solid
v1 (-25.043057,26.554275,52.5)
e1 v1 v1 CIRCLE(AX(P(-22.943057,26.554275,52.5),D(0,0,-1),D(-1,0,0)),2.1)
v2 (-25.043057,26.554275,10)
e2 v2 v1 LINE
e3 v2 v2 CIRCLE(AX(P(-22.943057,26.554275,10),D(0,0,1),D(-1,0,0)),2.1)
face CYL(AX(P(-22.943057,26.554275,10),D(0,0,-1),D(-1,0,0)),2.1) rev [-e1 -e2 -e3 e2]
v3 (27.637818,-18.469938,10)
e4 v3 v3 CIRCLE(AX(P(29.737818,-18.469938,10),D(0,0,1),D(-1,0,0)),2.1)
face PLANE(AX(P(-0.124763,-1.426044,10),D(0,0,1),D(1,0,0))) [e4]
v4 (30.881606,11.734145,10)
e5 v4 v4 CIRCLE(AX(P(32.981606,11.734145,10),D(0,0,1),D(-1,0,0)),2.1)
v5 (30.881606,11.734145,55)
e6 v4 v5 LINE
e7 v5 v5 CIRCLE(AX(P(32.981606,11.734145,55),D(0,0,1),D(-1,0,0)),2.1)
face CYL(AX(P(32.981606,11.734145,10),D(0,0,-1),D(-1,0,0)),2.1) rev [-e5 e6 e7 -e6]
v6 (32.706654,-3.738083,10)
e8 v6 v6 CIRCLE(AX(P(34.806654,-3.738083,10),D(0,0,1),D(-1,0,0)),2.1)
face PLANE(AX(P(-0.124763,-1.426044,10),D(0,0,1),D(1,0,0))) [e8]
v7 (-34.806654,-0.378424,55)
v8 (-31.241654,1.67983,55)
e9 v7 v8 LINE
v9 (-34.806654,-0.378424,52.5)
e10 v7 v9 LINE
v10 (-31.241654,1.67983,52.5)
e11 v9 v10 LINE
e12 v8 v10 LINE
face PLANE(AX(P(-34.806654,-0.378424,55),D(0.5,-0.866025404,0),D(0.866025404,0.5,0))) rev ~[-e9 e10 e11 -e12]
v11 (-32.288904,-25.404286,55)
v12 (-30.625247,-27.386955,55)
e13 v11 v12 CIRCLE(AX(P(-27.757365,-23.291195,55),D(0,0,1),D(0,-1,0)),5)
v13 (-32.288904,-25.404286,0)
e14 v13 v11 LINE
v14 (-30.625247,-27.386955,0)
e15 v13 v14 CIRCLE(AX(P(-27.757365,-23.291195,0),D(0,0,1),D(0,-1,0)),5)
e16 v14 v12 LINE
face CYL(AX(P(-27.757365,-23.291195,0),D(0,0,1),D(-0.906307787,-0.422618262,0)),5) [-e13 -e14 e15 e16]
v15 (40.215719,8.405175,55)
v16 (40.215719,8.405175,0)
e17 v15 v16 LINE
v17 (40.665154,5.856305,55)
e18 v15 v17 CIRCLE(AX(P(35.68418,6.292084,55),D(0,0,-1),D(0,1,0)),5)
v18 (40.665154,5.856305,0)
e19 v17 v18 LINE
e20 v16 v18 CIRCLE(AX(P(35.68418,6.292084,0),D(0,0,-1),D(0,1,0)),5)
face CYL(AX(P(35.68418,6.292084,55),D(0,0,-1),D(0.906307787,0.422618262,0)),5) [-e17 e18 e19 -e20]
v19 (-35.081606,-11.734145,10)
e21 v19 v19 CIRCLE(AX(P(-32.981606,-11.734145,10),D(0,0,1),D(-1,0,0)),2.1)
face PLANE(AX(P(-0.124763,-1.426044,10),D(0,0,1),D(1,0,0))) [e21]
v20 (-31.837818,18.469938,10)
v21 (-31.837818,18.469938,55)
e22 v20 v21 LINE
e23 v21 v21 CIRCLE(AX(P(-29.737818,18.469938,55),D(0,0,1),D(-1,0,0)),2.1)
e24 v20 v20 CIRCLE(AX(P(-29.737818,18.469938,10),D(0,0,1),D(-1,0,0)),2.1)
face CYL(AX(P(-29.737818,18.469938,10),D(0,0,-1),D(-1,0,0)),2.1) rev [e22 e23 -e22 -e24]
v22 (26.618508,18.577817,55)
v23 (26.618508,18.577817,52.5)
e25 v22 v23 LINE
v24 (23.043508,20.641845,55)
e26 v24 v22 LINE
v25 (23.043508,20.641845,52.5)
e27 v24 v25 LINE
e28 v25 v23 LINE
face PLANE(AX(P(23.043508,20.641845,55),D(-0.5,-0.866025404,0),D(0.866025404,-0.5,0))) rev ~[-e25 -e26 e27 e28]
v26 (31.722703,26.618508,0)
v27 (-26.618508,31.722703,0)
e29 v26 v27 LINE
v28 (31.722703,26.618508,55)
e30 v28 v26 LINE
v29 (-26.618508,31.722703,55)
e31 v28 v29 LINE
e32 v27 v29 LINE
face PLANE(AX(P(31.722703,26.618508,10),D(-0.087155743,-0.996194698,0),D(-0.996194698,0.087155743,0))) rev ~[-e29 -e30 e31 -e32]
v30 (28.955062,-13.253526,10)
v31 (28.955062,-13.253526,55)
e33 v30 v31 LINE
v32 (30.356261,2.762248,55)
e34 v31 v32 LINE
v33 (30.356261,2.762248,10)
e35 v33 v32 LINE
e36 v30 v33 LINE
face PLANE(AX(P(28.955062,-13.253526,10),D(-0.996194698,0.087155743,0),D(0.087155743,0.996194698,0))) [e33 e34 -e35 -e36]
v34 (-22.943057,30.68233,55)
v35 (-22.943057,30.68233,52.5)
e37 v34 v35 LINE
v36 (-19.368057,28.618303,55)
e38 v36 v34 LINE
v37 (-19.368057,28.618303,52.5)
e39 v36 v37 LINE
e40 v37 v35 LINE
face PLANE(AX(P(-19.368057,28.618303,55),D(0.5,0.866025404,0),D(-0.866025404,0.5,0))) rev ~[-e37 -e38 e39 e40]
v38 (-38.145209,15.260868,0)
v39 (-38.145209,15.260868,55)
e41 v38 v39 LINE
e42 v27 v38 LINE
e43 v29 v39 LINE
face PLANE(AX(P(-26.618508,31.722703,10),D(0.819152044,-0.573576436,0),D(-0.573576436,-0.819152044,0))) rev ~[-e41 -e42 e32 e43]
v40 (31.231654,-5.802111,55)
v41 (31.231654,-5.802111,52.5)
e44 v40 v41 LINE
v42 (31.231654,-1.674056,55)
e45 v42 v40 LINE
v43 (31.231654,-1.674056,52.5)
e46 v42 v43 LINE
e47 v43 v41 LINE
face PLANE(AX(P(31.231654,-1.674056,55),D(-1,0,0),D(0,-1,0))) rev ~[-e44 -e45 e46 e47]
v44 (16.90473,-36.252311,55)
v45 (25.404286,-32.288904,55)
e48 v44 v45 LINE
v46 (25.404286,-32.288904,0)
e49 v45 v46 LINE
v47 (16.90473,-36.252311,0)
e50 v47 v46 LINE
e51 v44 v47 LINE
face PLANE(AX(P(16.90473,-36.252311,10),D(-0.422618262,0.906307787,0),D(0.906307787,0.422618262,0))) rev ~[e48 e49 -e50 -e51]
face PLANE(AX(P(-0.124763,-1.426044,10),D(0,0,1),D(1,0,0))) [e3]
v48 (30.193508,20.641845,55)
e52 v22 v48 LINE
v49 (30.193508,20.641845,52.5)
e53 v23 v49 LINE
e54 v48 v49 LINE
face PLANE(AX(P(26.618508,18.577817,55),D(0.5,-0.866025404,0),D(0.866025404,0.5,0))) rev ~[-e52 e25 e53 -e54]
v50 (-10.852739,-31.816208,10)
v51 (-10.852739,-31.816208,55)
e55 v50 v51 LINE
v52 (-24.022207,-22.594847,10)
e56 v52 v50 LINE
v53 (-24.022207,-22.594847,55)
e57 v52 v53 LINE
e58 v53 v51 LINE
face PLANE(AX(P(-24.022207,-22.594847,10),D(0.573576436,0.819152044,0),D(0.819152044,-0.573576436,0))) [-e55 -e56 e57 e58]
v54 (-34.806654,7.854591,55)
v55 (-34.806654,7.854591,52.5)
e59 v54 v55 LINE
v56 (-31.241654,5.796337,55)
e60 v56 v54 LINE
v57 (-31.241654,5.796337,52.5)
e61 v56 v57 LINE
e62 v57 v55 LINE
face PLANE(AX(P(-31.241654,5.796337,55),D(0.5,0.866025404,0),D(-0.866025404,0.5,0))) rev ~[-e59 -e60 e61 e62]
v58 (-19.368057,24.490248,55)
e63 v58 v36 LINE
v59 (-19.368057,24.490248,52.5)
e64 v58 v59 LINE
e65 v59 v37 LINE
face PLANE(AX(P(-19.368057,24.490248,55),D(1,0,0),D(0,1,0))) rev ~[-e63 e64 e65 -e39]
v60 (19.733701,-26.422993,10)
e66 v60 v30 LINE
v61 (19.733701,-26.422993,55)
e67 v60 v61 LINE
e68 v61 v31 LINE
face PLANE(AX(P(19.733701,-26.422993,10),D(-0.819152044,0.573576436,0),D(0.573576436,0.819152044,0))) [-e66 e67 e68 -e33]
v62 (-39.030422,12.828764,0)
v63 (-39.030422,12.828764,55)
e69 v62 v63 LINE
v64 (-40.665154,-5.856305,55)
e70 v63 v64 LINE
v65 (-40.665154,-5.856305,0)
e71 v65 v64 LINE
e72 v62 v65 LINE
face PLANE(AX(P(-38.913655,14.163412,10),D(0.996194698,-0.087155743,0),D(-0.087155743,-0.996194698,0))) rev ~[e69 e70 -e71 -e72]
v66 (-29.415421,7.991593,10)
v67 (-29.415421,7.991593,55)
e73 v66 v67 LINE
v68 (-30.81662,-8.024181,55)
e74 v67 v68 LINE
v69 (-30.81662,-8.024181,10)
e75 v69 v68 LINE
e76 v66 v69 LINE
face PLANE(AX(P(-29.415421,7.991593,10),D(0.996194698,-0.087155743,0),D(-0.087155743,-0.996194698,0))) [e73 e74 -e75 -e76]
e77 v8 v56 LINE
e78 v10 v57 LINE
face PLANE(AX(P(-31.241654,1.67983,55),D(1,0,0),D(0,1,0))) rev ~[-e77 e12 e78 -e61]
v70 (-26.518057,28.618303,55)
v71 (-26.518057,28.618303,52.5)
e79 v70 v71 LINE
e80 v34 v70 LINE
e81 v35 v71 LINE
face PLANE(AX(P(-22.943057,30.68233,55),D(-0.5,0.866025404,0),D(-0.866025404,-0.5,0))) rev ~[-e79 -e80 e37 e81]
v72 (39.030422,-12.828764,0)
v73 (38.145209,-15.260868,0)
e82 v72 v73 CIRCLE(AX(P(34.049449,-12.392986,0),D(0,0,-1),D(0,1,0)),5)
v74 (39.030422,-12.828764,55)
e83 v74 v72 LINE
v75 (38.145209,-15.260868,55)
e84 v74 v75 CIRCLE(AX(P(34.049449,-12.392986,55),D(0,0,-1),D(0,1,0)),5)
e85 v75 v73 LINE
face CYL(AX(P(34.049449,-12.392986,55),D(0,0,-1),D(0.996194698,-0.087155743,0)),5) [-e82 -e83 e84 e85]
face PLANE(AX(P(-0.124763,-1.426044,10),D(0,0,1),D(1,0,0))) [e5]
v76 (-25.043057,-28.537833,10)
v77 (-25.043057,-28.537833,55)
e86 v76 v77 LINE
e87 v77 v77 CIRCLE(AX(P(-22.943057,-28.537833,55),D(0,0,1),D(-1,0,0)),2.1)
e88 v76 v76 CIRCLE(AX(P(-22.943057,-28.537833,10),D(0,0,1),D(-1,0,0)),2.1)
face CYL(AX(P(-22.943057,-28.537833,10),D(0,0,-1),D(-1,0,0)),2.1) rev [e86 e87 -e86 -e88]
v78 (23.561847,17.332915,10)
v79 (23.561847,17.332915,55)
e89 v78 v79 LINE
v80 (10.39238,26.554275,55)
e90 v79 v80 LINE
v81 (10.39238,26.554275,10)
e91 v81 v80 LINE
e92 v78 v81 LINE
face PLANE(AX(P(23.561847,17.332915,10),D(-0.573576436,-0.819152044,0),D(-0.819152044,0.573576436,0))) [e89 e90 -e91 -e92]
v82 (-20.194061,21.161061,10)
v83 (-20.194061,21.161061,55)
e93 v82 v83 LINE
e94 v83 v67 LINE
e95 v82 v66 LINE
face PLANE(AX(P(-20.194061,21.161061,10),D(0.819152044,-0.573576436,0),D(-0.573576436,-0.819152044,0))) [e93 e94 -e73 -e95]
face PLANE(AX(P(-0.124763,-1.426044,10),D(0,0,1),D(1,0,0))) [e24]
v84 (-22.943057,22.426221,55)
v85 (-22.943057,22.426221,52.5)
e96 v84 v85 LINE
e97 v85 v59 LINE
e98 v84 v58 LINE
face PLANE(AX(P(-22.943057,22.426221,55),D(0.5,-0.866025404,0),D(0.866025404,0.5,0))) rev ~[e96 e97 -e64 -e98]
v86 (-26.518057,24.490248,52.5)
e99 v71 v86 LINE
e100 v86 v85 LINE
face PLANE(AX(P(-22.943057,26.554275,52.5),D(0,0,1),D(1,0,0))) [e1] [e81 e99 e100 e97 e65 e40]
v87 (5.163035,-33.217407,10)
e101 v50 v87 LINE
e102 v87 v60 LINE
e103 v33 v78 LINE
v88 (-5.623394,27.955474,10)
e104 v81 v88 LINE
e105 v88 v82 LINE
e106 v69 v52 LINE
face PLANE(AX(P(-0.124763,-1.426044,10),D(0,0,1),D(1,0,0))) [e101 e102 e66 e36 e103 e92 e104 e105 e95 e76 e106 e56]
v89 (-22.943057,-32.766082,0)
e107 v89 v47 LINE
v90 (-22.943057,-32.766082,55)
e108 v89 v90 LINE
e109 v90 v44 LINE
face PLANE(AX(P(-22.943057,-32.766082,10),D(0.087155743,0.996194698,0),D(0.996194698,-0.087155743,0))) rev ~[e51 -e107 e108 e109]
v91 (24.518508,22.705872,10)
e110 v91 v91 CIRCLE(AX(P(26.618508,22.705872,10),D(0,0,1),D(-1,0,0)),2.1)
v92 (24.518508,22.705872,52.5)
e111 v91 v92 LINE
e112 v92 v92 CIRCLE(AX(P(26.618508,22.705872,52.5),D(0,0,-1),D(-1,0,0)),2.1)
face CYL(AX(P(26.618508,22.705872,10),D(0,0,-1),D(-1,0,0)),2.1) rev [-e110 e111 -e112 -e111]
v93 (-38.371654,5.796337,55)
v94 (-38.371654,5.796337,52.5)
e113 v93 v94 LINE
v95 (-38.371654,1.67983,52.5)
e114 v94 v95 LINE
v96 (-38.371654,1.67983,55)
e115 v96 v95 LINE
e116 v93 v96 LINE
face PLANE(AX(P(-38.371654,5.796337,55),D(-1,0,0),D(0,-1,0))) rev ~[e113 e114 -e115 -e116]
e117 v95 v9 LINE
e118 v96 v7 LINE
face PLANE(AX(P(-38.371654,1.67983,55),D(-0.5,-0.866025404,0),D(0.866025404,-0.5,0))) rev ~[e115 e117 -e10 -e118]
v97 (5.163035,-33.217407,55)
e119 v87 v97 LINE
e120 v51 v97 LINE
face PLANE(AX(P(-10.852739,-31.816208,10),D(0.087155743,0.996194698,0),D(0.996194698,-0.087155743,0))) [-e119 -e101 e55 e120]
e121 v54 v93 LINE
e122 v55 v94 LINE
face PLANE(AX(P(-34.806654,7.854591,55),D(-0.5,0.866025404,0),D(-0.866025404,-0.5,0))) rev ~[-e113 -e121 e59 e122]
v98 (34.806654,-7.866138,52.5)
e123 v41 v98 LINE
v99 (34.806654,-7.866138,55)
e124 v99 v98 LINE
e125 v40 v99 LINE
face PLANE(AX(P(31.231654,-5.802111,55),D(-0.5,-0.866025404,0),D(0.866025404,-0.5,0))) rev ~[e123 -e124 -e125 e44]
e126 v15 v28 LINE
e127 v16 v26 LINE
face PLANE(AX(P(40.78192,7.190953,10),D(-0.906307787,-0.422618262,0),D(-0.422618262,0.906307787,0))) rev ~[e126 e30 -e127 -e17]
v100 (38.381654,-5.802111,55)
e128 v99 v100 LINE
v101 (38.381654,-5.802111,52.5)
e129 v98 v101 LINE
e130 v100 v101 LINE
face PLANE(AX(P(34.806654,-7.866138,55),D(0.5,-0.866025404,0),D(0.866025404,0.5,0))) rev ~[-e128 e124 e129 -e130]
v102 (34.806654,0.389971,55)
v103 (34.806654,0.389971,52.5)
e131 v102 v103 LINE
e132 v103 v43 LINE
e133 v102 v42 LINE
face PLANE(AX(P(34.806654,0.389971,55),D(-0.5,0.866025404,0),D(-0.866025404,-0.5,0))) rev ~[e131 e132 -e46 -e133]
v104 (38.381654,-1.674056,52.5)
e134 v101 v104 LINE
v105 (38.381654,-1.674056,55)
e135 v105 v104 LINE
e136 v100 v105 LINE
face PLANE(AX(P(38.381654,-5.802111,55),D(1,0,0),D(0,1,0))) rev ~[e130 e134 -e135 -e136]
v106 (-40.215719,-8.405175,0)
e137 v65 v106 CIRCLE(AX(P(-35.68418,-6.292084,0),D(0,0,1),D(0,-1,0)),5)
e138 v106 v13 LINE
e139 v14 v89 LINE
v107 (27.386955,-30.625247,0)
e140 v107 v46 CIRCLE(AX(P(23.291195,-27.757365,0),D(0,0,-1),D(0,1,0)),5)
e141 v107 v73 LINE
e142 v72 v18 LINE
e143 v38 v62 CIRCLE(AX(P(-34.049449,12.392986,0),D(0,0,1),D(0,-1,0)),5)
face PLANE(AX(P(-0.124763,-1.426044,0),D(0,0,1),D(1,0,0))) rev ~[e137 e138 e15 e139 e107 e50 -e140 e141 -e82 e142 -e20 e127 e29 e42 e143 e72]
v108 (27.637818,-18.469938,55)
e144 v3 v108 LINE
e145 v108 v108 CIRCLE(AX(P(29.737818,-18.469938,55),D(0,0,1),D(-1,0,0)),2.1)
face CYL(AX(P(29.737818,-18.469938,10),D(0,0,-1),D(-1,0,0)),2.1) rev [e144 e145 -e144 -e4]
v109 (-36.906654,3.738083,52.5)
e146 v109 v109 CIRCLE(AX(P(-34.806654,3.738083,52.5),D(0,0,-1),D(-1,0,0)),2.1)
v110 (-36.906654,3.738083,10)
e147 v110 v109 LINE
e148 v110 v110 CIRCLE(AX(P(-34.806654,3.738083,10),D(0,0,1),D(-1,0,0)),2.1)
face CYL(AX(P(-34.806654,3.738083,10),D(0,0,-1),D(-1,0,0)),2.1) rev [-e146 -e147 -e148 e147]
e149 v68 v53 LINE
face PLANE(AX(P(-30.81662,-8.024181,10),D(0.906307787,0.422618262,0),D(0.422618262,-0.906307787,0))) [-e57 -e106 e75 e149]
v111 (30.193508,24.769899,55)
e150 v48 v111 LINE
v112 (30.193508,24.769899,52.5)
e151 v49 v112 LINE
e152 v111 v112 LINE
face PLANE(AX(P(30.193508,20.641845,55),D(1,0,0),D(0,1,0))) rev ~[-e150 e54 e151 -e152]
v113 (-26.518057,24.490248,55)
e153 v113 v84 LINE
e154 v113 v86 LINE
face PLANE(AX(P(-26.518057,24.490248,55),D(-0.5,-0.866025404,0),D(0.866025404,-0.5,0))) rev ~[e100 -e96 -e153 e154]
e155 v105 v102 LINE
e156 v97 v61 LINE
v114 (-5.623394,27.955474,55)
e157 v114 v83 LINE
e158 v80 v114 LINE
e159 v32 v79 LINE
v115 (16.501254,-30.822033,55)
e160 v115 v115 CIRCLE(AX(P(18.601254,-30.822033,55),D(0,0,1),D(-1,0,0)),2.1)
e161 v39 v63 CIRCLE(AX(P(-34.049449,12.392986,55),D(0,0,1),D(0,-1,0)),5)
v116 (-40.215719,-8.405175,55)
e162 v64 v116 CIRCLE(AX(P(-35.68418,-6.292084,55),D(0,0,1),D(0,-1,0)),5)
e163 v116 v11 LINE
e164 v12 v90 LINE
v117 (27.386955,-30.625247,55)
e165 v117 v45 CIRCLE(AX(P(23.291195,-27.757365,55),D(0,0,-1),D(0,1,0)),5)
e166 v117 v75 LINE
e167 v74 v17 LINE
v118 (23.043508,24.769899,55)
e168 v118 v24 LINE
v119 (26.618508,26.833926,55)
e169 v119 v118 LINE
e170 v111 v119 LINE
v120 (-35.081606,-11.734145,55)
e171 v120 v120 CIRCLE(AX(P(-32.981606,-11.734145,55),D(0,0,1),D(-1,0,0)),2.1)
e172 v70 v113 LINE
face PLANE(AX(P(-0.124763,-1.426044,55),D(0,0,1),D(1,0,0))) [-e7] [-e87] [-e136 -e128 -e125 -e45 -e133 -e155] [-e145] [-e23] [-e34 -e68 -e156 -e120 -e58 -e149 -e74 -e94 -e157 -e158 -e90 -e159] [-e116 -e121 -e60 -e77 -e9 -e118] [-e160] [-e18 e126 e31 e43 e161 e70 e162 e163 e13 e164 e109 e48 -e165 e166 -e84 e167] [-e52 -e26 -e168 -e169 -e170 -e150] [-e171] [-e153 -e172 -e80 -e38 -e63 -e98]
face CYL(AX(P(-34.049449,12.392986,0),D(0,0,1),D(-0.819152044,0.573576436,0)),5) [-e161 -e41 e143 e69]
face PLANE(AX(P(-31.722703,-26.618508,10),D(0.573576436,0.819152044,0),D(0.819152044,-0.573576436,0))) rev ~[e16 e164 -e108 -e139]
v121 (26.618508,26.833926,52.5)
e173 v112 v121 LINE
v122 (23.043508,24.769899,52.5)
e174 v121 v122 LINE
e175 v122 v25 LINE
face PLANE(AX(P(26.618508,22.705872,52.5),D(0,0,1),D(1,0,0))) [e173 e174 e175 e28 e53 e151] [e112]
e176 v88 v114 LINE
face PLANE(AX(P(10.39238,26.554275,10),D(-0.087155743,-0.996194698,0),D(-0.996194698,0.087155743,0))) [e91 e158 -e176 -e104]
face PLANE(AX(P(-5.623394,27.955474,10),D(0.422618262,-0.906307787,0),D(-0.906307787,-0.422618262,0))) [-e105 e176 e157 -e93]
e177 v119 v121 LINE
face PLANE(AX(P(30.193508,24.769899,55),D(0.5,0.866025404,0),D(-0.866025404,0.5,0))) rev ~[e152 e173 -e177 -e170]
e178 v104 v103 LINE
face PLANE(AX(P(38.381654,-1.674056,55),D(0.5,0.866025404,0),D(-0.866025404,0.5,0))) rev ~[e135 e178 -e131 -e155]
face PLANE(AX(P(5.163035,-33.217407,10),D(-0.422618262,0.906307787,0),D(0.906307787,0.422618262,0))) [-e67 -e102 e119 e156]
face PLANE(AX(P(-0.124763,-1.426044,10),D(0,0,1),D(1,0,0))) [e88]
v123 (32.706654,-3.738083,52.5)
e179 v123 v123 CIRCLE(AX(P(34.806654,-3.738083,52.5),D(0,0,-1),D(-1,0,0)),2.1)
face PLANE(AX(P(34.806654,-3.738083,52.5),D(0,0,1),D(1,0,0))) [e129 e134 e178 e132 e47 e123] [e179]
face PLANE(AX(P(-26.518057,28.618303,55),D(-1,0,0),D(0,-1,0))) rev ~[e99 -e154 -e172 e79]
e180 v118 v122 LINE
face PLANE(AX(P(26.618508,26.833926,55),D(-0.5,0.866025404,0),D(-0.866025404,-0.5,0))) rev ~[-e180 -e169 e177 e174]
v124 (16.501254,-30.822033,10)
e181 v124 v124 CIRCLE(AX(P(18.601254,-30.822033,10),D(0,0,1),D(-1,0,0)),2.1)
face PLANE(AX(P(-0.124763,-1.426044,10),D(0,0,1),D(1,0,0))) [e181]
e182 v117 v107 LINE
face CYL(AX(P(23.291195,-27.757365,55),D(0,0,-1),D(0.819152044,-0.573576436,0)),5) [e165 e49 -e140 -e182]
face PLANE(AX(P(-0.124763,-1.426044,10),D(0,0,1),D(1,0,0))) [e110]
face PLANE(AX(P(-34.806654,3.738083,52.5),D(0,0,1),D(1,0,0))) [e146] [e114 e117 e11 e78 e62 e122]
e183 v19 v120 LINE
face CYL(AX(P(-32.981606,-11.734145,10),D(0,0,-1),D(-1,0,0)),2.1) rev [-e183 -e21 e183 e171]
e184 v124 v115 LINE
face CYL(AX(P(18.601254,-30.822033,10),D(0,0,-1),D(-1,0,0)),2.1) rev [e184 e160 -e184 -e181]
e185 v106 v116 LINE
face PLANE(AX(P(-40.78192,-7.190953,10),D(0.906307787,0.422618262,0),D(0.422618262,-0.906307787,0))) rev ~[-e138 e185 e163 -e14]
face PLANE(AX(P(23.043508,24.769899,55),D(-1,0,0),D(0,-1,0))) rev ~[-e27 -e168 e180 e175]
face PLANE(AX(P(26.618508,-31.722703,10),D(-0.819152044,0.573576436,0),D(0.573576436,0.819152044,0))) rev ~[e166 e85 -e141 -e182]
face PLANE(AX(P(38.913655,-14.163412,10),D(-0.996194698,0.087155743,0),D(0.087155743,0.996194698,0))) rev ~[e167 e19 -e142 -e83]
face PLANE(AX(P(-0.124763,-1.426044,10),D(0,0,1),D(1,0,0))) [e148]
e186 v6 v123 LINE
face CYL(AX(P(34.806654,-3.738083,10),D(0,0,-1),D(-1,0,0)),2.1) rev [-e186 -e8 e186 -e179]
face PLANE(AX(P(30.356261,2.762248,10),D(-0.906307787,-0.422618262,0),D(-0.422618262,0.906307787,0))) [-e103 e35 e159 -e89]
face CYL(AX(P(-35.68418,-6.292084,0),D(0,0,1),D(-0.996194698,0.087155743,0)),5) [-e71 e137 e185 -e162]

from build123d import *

# Parameters (mm, degrees)
BOSS_EXTRU_1_DEPTH      = 10
ESQUISSE2_R             = 2.1
BOSS_EXTRU_2_DEPTH      = 45
ENL_V_MAT_EXTRU_1_DEPTH = 2.5
CONG_1_R                = 5


with BuildPart() as part:
    # Esquisse1 → Boss.-Extru.1 (new body)
    with BuildSketch(Plane.XY):
        Polygon((16.90473047, -36.252311481), (26.618508055, -31.722702604), (38.913655488, -14.163412304), (40.781920359, 7.190952884), (31.722702604, 26.618508055), (-26.618508055, 31.722702604), (-38.913655488, 14.163412304), (-40.781920359, -7.190952884), (-31.722702604, -26.618508055), (-22.943057454, -32.766081772), align=None)
    extrude(amount=BOSS_EXTRU_1_DEPTH)

    # Esquisse2 → Boss.-Extru.2 (add)
    with BuildSketch(Plane.XY.offset(10)):
        Polygon((31.722702604, 26.618508055), (-26.618508055, 31.722702604), (-38.913655488, 14.163412304), (-40.781920359, -7.190952884), (-31.722702604, -26.618508055), (-22.943057454, -32.766081772), (16.90473047, -36.252311481), (26.618508055, -31.722702604), (38.913655488, -14.163412304), (40.781920359, 7.190952884), align=None)
        with Locations(Location((34.806654387, -3.73808347, 0), (0, 0, 180))):
            Circle(ESQUISSE2_R, mode=Mode.SUBTRACT)
        with Locations(Location((29.737818366, -18.469938184, 0), (0, 0, 180))):
            Circle(ESQUISSE2_R, mode=Mode.SUBTRACT)
        with Locations(Location((-32.981605632, -11.73414452, 0), (0, 0, 180))):
            Circle(ESQUISSE2_R, mode=Mode.SUBTRACT)
        with Locations(Location((-34.806654387, 3.73808347, 0), (0, 0, 180))):
            Circle(ESQUISSE2_R, mode=Mode.SUBTRACT)
        with Locations(Location((-29.737818366, 18.469938184, 0), (0, 0, 180))):
            Circle(ESQUISSE2_R, mode=Mode.SUBTRACT)
        with Locations(Location((32.981605632, 11.73414452, 0), (0, 0, 180))):
            Circle(ESQUISSE2_R, mode=Mode.SUBTRACT)
        with Locations(Location((18.601253659, -30.822032576, 0), (0, 0, 180))):
            Circle(ESQUISSE2_R, mode=Mode.SUBTRACT)
        with Locations(Location((-22.943057454, -28.537832938, 0), (0, 0, 180))):
            Circle(ESQUISSE2_R, mode=Mode.SUBTRACT)
        with Locations(Location((26.618508055, 22.705871893, 0), (0, 0, 180))):
            Circle(ESQUISSE2_R, mode=Mode.SUBTRACT)
        with Locations(Location((-22.943057454, 26.554275329, 0), (0, 0, 180))):
            Circle(ESQUISSE2_R, mode=Mode.SUBTRACT)
        Polygon((-20.194060765, 21.161060665), (-29.41542134, 7.991592941), (-30.816619994, -8.024180951), (-24.022206677, -22.594847329), (-10.852738952, -31.816207904), (5.163034939, -33.217406557), (19.733701317, -26.42299324), (28.955061892, -13.253525516), (30.356260545, 2.762248376), (23.561847229, 17.332914754), (10.392379504, 26.554275329), (-5.623394388, 27.955473982), align=None, mode=Mode.SUBTRACT)
    extrude(amount=BOSS_EXTRU_2_DEPTH)

    # Esquisse3 → Enlèv. mat.-Extru.1 (cut)
    with BuildSketch(Plane.XY.offset(55)):
        Polygon((-34.806654387, -0.37842395), (-31.241654387, 1.67982976), (-31.241654387, 5.796337179), (-34.806654387, 7.854590889), (-38.371654387, 5.796337179), (-38.371654387, 1.67982976), align=None)
        Polygon((-22.943057454, 22.426220904), (-19.368057454, 24.490248116), (-19.368057454, 28.618302541), (-22.943057454, 30.682329753), (-26.518057454, 28.618302541), (-26.518057454, 24.490248116), align=None)
        Polygon((30.193508055, 20.641844681), (30.193508055, 24.769899106), (26.618508055, 26.833926318), (23.043508055, 24.769899106), (23.043508055, 20.641844681), (26.618508055, 18.577817469), align=None)
        Polygon((38.381654387, -5.802110682), (38.381654387, -1.674056257), (34.806654387, 0.389970955), (31.231654387, -1.674056257), (31.231654387, -5.802110682), (34.806654387, -7.866137894), align=None)
    extrude(amount=-ENL_V_MAT_EXTRU_1_DEPTH, mode=Mode.SUBTRACT)

    # Congé1
    cong_1_edges = [part.edges().sort_by_distance(p)[0] for p in [
        (40.781920359, 7.190952884, 27.5),
        (38.913655488, -14.163412304, 27.5),
        (26.618508055, -31.722702604, 27.5),
        (-31.722702604, -26.618508055, 27.5),
        (-40.781920359, -7.190952884, 27.5),
        (-38.913655488, 14.163412304, 27.5),
    ]]
    fillet(cong_1_edges, radius=CONG_1_R)


solid = part.part
